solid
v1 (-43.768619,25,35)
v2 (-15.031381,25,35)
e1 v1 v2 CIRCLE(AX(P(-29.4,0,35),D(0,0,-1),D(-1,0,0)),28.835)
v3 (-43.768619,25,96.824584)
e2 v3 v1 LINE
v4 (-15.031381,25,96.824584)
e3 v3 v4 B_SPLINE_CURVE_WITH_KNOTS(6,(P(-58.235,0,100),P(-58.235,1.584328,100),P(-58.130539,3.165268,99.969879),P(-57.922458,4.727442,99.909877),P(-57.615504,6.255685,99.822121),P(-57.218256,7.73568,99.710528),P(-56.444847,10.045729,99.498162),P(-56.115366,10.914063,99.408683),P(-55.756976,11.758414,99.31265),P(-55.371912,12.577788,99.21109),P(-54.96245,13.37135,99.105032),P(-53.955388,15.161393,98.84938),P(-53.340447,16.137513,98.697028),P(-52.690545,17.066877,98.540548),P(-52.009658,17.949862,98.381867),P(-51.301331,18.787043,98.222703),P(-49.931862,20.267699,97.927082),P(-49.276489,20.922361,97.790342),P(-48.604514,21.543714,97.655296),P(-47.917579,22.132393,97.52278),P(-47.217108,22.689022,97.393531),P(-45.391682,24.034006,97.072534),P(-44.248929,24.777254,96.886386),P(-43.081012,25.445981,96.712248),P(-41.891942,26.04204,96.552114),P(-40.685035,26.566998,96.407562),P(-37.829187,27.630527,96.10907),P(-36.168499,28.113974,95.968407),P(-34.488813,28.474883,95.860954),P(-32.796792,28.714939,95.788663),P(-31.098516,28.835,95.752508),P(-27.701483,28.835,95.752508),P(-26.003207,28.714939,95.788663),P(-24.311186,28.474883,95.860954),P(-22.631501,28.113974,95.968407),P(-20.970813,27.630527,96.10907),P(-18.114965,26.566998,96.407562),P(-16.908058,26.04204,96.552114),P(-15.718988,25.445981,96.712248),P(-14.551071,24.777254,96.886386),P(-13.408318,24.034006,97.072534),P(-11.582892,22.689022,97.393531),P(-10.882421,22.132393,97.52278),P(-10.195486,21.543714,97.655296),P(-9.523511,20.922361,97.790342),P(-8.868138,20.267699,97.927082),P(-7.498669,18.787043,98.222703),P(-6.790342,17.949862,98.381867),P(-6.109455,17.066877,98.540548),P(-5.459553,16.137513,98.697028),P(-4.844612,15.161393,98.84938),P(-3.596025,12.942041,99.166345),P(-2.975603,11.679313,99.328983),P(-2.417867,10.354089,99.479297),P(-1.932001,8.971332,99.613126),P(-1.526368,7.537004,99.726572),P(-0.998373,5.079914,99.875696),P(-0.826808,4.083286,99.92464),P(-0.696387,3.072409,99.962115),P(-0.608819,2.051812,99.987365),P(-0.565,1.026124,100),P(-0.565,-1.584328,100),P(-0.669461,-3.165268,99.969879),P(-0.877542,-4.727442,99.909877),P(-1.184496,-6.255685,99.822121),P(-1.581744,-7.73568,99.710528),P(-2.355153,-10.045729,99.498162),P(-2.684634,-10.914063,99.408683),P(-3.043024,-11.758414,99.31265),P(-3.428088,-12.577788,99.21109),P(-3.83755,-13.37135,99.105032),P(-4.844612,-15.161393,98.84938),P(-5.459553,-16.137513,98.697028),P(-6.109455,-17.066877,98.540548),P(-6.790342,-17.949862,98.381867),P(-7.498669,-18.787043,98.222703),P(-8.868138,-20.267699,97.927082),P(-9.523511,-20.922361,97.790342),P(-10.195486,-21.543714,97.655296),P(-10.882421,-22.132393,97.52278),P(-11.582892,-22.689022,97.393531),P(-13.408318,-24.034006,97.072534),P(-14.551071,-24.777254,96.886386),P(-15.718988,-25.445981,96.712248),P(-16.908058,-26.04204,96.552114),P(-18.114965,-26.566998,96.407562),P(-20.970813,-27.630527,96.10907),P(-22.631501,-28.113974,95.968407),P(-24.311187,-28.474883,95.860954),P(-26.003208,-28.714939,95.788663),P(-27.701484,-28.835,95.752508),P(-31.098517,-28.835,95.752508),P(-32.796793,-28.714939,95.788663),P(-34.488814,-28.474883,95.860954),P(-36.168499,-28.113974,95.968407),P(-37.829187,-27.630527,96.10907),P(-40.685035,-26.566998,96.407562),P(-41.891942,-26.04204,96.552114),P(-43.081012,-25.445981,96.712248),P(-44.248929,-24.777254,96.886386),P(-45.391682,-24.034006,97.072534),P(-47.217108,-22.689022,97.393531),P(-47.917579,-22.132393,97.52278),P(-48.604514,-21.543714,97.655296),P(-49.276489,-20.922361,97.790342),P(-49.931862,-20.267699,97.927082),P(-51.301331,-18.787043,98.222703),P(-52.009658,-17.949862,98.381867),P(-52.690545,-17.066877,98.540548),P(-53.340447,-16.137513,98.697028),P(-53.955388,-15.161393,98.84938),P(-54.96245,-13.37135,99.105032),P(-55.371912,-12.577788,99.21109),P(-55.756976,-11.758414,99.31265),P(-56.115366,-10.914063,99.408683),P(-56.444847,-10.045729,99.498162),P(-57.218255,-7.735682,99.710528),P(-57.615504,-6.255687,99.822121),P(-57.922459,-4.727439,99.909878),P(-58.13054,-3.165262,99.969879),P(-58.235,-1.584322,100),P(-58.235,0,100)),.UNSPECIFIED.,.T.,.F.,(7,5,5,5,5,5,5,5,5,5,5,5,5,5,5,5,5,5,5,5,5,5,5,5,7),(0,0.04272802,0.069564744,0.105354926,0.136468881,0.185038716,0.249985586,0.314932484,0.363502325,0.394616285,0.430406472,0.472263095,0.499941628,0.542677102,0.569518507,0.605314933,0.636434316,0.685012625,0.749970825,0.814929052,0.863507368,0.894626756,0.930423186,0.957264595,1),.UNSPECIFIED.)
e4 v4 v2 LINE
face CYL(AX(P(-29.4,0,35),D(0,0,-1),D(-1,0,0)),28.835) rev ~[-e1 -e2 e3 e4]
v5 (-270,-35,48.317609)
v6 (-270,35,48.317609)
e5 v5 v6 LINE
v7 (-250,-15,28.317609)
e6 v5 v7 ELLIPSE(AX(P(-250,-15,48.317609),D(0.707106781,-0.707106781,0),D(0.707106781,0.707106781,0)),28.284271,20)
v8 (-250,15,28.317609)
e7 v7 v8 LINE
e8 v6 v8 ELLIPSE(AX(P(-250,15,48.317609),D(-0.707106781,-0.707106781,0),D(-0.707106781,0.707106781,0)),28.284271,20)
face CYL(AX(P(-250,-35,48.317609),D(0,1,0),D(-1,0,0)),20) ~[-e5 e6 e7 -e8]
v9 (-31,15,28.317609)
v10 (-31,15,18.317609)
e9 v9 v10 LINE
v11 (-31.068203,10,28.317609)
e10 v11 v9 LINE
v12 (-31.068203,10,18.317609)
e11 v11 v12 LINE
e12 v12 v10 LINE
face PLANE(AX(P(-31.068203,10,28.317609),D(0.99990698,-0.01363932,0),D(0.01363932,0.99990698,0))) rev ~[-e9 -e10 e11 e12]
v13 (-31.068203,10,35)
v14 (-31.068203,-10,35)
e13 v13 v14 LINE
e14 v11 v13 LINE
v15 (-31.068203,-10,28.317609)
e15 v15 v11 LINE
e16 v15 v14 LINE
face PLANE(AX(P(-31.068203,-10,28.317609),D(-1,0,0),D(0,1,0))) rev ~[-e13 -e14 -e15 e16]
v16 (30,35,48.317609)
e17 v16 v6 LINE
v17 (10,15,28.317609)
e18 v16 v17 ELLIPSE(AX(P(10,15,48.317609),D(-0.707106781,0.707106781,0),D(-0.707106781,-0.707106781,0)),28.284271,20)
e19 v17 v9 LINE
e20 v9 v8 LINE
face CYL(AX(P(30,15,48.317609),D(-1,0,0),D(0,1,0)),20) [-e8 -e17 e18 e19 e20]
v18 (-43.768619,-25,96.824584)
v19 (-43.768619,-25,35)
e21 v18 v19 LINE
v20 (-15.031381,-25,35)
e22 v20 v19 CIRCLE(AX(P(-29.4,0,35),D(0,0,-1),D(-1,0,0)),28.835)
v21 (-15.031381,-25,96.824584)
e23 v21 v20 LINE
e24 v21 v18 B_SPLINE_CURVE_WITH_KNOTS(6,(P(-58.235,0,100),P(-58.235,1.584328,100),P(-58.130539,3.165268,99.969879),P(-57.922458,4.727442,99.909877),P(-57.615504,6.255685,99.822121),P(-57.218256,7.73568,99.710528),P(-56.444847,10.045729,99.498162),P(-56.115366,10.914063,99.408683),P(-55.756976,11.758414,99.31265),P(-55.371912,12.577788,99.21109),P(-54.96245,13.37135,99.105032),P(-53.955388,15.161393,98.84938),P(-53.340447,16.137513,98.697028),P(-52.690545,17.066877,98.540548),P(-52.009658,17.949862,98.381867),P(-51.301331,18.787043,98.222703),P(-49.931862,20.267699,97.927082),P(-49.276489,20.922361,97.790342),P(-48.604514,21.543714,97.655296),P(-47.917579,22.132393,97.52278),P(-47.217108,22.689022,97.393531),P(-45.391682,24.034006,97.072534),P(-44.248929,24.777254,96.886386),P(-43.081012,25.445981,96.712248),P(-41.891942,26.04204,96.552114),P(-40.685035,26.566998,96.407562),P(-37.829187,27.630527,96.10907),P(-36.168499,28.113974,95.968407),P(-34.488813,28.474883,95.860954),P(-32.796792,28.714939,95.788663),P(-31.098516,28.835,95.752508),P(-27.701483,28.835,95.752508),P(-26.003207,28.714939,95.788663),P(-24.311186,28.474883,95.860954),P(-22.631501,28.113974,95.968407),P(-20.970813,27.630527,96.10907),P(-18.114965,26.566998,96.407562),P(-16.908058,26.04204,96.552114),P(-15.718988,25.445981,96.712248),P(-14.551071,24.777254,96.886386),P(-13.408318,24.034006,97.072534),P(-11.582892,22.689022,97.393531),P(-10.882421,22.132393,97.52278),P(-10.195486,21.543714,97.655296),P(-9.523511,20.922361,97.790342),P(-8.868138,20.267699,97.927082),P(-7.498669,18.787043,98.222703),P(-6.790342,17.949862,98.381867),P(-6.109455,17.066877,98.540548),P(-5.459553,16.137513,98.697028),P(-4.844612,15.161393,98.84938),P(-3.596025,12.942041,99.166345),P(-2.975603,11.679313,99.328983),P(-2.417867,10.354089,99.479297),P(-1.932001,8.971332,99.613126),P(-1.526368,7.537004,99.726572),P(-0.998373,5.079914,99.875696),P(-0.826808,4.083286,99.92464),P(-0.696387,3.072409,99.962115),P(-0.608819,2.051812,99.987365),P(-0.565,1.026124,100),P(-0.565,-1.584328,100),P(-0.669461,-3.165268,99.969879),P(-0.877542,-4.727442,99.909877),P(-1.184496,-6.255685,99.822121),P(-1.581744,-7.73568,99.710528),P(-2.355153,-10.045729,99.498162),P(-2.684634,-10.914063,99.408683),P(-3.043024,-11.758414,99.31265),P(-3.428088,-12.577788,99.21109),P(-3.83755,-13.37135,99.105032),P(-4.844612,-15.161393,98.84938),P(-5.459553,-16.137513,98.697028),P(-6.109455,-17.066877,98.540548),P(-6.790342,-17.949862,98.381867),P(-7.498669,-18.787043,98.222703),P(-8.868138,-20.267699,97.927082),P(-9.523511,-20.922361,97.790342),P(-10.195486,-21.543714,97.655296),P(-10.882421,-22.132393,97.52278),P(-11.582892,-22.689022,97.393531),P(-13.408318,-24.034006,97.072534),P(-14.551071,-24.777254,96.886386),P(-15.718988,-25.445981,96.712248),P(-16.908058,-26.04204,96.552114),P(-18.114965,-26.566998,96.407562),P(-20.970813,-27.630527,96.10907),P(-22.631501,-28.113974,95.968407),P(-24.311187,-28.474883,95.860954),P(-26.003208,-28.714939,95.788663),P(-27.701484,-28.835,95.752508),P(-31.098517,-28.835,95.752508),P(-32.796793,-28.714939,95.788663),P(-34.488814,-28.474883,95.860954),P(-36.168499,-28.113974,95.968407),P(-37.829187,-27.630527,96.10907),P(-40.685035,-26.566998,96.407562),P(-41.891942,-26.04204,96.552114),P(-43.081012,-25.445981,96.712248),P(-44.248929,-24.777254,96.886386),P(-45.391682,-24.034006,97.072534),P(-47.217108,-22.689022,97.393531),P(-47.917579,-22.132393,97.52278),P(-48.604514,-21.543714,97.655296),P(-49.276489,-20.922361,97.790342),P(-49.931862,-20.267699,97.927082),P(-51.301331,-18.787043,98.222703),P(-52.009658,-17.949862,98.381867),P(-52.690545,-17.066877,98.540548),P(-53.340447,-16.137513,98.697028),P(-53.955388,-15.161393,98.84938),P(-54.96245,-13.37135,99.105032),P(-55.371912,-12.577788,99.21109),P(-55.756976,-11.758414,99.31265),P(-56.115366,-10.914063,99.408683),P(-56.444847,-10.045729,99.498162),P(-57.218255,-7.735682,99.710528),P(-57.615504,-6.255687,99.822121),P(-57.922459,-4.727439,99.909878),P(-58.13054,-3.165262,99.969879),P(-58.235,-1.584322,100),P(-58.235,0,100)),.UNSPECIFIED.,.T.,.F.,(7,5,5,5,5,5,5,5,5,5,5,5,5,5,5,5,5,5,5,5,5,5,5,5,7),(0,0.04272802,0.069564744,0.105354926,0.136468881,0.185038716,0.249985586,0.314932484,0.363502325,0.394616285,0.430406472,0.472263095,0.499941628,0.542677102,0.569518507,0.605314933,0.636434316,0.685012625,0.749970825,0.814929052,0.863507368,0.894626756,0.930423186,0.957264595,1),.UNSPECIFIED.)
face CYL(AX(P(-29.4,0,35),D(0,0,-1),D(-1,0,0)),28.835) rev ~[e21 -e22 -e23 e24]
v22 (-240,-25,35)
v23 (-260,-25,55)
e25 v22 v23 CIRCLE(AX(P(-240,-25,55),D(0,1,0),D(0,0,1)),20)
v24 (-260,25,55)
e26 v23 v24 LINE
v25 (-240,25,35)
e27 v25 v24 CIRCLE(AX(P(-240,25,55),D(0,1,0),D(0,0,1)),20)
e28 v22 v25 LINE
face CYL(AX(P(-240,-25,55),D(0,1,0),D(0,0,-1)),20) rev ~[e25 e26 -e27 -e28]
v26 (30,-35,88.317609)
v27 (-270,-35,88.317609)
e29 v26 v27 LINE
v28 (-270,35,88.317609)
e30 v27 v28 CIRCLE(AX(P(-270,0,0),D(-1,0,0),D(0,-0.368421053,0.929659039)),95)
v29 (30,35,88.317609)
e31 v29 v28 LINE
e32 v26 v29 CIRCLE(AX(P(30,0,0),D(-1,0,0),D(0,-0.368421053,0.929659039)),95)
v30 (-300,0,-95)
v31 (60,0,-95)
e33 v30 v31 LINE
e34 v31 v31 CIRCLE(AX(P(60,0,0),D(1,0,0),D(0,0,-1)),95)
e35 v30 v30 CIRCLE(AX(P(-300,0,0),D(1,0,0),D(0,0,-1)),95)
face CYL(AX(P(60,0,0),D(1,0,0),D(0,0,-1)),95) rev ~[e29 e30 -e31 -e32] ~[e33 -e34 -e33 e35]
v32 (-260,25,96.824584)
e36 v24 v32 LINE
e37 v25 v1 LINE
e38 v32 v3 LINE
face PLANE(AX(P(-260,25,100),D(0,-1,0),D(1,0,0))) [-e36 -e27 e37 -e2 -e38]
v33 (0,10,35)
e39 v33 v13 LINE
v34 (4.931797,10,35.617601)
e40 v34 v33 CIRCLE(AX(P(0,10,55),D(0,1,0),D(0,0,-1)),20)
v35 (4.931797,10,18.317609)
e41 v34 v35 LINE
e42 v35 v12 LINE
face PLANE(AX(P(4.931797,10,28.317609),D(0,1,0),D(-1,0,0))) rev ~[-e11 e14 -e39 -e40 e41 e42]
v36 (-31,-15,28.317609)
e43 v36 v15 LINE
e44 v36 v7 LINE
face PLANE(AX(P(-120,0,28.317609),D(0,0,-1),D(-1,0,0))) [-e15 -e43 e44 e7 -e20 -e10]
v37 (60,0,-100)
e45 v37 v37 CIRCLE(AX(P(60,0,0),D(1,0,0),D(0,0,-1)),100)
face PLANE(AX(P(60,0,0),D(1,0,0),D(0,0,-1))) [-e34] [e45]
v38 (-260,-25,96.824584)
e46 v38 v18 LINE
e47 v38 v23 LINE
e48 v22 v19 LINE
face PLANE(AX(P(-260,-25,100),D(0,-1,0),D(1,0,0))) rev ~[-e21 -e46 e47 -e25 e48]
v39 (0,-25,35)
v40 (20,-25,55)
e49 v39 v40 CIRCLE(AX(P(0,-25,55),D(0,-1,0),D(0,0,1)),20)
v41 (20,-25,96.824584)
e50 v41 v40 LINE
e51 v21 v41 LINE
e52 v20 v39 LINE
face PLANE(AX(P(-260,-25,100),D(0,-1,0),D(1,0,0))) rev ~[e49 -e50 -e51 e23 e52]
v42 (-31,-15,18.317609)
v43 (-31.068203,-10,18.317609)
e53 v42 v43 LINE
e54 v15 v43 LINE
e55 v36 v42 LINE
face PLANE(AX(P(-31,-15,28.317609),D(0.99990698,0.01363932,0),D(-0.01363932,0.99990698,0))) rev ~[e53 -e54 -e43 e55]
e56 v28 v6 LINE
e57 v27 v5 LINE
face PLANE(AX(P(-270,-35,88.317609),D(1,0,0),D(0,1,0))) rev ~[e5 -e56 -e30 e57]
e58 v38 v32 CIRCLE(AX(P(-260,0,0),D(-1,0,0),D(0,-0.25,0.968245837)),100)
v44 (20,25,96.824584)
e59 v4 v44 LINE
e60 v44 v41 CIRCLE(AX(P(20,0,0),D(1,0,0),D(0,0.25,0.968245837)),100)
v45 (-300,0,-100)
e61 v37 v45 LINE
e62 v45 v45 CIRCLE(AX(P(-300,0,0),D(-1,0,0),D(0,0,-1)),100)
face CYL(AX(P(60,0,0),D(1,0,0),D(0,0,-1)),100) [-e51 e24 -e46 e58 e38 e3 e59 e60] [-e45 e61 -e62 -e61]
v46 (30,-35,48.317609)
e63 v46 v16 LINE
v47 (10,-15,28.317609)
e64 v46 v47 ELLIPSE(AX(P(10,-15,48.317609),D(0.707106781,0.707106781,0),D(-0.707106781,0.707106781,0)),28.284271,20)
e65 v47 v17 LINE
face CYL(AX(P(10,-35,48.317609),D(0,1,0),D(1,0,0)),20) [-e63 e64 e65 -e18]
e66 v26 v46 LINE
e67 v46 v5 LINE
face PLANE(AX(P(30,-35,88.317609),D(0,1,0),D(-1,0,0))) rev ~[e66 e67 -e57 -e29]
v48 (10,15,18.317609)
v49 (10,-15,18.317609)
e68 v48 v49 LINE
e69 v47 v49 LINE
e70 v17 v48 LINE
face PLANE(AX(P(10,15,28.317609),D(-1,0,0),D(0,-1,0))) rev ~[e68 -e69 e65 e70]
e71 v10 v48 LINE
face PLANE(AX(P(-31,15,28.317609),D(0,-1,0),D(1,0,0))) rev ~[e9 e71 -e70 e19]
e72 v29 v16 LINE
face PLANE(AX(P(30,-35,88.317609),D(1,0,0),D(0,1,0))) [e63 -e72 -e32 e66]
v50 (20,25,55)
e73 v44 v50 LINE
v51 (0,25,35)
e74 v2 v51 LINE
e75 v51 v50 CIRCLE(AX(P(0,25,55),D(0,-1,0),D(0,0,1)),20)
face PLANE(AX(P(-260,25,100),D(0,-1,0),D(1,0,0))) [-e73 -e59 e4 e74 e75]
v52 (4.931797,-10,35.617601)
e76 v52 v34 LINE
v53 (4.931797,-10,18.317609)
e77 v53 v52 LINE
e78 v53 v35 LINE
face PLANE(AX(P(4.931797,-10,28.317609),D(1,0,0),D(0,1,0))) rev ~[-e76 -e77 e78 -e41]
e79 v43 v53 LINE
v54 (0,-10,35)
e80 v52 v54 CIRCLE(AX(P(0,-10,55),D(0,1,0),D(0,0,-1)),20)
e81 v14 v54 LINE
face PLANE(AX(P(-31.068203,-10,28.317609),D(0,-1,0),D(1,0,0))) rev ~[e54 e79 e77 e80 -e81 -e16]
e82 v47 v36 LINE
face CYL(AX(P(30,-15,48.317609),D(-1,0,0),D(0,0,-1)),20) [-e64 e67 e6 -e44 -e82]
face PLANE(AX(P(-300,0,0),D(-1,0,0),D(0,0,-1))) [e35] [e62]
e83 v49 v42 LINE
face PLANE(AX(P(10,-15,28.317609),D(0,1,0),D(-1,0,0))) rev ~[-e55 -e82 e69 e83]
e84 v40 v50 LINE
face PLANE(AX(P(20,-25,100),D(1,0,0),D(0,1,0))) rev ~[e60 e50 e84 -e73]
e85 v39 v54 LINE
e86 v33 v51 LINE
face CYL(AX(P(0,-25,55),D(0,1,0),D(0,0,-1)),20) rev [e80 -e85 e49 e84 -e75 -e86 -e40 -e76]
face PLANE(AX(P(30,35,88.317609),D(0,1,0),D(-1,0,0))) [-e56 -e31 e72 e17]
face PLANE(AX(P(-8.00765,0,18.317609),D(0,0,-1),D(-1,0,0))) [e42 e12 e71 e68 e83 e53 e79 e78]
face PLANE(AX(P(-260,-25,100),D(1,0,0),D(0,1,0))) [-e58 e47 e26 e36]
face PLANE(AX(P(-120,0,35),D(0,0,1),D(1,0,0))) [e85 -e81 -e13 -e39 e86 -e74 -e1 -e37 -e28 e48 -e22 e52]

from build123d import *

# Parameters (mm, degrees)
SKETCH_1_W           = 300
SKETCH_1_H           = 100
SKETCH_2_R           = 95
CUT_EXTRUDE_1_DEPTH  = 332.662479036
EXTRUDE_START        = 60
SKETCH_5_R           = 100
SKETCH_5_R_2         = 95
EXTRUDE_1_DEPTH      = 60
SKETCH_6_W           = 280
SKETCH_6_H           = 50
CUT_EXTRUDE_2_DEPTH  = 10
EXTRUDE_3_DEPTH      = 290
EXTRUDE_3_DEPTH_BACK = 10
SKETCH_14_W          = 300
SKETCH_14_H          = 70
EXTRUDE_5_DEPTH      = 60
SKETCH_13_W          = 280
SKETCH_13_H          = 50
CUT_EXTRUDE_3_DEPTH  = 65
FILLET_1_R           = 20
EXTRUDE_6_DEPTH      = 10
SKETCH_16_W          = 36
SKETCH_16_H          = 20
CUT_EXTRUDE_4_DEPTH  = 10
SKETCH_17_R          = 28.835
CUT_EXTRUDE_5_DEPTH  = 344.838624939


with BuildPart() as part:
    # 草图1 → 旋转1 (revolve)
    with BuildSketch(Plane(origin=(0, 0, 0), x_dir=(1, 0, 0), z_dir=(0, 1, 0)), mode=Mode.PRIVATE) as revolve_1_sk:
        with Locations((-150, -50)):
            Rectangle(SKETCH_1_W, SKETCH_1_H)
    revolve(revolve_1_sk.sketch.rotate(Axis((0, 0, 0), (-1, 0, 0)), 180), axis=Axis((0, 0, 0), (-1, 0, 0)))

    # 草图2 → 切除-拉伸1 (cut, through all)
    with BuildSketch(Plane(origin=(0, 0, 0), x_dir=(0, 0, -1), z_dir=(1, 0, 0))):
        Circle(SKETCH_2_R)
    extrude(amount=-CUT_EXTRUDE_1_DEPTH, mode=Mode.SUBTRACT)

    # 草图5 → 凸台-拉伸1 (add)
    with BuildSketch(Plane(origin=(0, 0, 0), x_dir=(0, 0, -1), z_dir=(1, 0, 0)).offset(EXTRUDE_START)):
        Circle(SKETCH_5_R)
        Circle(SKETCH_5_R_2, mode=Mode.SUBTRACT)
    extrude(amount=-EXTRUDE_1_DEPTH)

    # 草图6 → 切除-拉伸2 (cut)
    with BuildSketch(Plane.XY.offset(100)):
        with Locations((-120, 0)):
            Rectangle(SKETCH_6_W, SKETCH_6_H)
    extrude(amount=-CUT_EXTRUDE_2_DEPTH, mode=Mode.SUBTRACT)

    # 草图9 → 凸台-拉伸3 (add, two sides: drawn at the far end of the back side and taken through both)
    with BuildSketch(Plane.ZY.offset(-20).offset(-EXTRUDE_3_DEPTH_BACK)):
        with BuildLine():
            Line((88.317608663, 35), (88.317608663, -35))
            ThreePointArc((88.317608663, -35), (95, 0), (88.317608663, 35))
        make_face()
    extrude(amount=EXTRUDE_3_DEPTH + EXTRUDE_3_DEPTH_BACK)

    # 草图14 → 凸台-拉伸5 (add)
    with BuildSketch(Plane(origin=(0, 0, 88.317608663), x_dir=(-1, 0, 0), z_dir=(0, 0, -1))):
        with Locations((120, 0)):
            Rectangle(SKETCH_14_W, SKETCH_14_H)
    extrude(amount=EXTRUDE_5_DEPTH)

    # 草图13 → 切除-拉伸3 (cut)
    with BuildSketch(Plane.XY.offset(100)):
        with Locations((-120, 0)):
            Rectangle(SKETCH_13_W, SKETCH_13_H)
    extrude(amount=-CUT_EXTRUDE_3_DEPTH, mode=Mode.SUBTRACT)

    # 圆角1
    fillet_1_edges = [part.edges().sort_by_distance(p)[0] for p in [
        (-270, 0, 28.317608663),
        (-120, 35, 28.317608663),
        (30, 0, 28.317608663),
        (-120, -35, 28.317608663),
        (-260, 0, 35),
        (20, 0, 35),
    ]]
    fillet(fillet_1_edges, radius=FILLET_1_R)

    # 草图15 → 凸台-拉伸6 (add)
    with BuildSketch(Plane(origin=(0, 0, 28.317608663), x_dir=(-1, 0, 0), z_dir=(0, 0, -1))):
        Polygon((-4.931797057, -10), (-4.931797057, 10), (31.068202943, 10), (31, 15), (-4.931797057, 15), (-10, 15), (-10, 10), (-10, -10), (-10, -15), (-4.931797057, -15), (31, -15), (31.068202943, -10), align=None)
    extrude(amount=EXTRUDE_6_DEPTH)

    # 草图16 → 切除-拉伸4 (cut)
    with BuildSketch(Plane(origin=(0, 0, 28.317608663), x_dir=(-1, 0, 0), z_dir=(0, 0, -1))):
        with Locations((13.068202943, 0)):
            Rectangle(SKETCH_16_W, SKETCH_16_H)
    extrude(amount=-CUT_EXTRUDE_4_DEPTH, mode=Mode.SUBTRACT)

    # 草图17 → 切除-拉伸5 (cut, through all)
    with BuildSketch(Plane(origin=(0, 0, 35), x_dir=(-1, 0, 0), z_dir=(0, 0, -1))):
        with Locations((29.4, 0)):
            Circle(SKETCH_17_R)
    extrude(amount=-CUT_EXTRUDE_5_DEPTH, mode=Mode.SUBTRACT)


solid = part.part
